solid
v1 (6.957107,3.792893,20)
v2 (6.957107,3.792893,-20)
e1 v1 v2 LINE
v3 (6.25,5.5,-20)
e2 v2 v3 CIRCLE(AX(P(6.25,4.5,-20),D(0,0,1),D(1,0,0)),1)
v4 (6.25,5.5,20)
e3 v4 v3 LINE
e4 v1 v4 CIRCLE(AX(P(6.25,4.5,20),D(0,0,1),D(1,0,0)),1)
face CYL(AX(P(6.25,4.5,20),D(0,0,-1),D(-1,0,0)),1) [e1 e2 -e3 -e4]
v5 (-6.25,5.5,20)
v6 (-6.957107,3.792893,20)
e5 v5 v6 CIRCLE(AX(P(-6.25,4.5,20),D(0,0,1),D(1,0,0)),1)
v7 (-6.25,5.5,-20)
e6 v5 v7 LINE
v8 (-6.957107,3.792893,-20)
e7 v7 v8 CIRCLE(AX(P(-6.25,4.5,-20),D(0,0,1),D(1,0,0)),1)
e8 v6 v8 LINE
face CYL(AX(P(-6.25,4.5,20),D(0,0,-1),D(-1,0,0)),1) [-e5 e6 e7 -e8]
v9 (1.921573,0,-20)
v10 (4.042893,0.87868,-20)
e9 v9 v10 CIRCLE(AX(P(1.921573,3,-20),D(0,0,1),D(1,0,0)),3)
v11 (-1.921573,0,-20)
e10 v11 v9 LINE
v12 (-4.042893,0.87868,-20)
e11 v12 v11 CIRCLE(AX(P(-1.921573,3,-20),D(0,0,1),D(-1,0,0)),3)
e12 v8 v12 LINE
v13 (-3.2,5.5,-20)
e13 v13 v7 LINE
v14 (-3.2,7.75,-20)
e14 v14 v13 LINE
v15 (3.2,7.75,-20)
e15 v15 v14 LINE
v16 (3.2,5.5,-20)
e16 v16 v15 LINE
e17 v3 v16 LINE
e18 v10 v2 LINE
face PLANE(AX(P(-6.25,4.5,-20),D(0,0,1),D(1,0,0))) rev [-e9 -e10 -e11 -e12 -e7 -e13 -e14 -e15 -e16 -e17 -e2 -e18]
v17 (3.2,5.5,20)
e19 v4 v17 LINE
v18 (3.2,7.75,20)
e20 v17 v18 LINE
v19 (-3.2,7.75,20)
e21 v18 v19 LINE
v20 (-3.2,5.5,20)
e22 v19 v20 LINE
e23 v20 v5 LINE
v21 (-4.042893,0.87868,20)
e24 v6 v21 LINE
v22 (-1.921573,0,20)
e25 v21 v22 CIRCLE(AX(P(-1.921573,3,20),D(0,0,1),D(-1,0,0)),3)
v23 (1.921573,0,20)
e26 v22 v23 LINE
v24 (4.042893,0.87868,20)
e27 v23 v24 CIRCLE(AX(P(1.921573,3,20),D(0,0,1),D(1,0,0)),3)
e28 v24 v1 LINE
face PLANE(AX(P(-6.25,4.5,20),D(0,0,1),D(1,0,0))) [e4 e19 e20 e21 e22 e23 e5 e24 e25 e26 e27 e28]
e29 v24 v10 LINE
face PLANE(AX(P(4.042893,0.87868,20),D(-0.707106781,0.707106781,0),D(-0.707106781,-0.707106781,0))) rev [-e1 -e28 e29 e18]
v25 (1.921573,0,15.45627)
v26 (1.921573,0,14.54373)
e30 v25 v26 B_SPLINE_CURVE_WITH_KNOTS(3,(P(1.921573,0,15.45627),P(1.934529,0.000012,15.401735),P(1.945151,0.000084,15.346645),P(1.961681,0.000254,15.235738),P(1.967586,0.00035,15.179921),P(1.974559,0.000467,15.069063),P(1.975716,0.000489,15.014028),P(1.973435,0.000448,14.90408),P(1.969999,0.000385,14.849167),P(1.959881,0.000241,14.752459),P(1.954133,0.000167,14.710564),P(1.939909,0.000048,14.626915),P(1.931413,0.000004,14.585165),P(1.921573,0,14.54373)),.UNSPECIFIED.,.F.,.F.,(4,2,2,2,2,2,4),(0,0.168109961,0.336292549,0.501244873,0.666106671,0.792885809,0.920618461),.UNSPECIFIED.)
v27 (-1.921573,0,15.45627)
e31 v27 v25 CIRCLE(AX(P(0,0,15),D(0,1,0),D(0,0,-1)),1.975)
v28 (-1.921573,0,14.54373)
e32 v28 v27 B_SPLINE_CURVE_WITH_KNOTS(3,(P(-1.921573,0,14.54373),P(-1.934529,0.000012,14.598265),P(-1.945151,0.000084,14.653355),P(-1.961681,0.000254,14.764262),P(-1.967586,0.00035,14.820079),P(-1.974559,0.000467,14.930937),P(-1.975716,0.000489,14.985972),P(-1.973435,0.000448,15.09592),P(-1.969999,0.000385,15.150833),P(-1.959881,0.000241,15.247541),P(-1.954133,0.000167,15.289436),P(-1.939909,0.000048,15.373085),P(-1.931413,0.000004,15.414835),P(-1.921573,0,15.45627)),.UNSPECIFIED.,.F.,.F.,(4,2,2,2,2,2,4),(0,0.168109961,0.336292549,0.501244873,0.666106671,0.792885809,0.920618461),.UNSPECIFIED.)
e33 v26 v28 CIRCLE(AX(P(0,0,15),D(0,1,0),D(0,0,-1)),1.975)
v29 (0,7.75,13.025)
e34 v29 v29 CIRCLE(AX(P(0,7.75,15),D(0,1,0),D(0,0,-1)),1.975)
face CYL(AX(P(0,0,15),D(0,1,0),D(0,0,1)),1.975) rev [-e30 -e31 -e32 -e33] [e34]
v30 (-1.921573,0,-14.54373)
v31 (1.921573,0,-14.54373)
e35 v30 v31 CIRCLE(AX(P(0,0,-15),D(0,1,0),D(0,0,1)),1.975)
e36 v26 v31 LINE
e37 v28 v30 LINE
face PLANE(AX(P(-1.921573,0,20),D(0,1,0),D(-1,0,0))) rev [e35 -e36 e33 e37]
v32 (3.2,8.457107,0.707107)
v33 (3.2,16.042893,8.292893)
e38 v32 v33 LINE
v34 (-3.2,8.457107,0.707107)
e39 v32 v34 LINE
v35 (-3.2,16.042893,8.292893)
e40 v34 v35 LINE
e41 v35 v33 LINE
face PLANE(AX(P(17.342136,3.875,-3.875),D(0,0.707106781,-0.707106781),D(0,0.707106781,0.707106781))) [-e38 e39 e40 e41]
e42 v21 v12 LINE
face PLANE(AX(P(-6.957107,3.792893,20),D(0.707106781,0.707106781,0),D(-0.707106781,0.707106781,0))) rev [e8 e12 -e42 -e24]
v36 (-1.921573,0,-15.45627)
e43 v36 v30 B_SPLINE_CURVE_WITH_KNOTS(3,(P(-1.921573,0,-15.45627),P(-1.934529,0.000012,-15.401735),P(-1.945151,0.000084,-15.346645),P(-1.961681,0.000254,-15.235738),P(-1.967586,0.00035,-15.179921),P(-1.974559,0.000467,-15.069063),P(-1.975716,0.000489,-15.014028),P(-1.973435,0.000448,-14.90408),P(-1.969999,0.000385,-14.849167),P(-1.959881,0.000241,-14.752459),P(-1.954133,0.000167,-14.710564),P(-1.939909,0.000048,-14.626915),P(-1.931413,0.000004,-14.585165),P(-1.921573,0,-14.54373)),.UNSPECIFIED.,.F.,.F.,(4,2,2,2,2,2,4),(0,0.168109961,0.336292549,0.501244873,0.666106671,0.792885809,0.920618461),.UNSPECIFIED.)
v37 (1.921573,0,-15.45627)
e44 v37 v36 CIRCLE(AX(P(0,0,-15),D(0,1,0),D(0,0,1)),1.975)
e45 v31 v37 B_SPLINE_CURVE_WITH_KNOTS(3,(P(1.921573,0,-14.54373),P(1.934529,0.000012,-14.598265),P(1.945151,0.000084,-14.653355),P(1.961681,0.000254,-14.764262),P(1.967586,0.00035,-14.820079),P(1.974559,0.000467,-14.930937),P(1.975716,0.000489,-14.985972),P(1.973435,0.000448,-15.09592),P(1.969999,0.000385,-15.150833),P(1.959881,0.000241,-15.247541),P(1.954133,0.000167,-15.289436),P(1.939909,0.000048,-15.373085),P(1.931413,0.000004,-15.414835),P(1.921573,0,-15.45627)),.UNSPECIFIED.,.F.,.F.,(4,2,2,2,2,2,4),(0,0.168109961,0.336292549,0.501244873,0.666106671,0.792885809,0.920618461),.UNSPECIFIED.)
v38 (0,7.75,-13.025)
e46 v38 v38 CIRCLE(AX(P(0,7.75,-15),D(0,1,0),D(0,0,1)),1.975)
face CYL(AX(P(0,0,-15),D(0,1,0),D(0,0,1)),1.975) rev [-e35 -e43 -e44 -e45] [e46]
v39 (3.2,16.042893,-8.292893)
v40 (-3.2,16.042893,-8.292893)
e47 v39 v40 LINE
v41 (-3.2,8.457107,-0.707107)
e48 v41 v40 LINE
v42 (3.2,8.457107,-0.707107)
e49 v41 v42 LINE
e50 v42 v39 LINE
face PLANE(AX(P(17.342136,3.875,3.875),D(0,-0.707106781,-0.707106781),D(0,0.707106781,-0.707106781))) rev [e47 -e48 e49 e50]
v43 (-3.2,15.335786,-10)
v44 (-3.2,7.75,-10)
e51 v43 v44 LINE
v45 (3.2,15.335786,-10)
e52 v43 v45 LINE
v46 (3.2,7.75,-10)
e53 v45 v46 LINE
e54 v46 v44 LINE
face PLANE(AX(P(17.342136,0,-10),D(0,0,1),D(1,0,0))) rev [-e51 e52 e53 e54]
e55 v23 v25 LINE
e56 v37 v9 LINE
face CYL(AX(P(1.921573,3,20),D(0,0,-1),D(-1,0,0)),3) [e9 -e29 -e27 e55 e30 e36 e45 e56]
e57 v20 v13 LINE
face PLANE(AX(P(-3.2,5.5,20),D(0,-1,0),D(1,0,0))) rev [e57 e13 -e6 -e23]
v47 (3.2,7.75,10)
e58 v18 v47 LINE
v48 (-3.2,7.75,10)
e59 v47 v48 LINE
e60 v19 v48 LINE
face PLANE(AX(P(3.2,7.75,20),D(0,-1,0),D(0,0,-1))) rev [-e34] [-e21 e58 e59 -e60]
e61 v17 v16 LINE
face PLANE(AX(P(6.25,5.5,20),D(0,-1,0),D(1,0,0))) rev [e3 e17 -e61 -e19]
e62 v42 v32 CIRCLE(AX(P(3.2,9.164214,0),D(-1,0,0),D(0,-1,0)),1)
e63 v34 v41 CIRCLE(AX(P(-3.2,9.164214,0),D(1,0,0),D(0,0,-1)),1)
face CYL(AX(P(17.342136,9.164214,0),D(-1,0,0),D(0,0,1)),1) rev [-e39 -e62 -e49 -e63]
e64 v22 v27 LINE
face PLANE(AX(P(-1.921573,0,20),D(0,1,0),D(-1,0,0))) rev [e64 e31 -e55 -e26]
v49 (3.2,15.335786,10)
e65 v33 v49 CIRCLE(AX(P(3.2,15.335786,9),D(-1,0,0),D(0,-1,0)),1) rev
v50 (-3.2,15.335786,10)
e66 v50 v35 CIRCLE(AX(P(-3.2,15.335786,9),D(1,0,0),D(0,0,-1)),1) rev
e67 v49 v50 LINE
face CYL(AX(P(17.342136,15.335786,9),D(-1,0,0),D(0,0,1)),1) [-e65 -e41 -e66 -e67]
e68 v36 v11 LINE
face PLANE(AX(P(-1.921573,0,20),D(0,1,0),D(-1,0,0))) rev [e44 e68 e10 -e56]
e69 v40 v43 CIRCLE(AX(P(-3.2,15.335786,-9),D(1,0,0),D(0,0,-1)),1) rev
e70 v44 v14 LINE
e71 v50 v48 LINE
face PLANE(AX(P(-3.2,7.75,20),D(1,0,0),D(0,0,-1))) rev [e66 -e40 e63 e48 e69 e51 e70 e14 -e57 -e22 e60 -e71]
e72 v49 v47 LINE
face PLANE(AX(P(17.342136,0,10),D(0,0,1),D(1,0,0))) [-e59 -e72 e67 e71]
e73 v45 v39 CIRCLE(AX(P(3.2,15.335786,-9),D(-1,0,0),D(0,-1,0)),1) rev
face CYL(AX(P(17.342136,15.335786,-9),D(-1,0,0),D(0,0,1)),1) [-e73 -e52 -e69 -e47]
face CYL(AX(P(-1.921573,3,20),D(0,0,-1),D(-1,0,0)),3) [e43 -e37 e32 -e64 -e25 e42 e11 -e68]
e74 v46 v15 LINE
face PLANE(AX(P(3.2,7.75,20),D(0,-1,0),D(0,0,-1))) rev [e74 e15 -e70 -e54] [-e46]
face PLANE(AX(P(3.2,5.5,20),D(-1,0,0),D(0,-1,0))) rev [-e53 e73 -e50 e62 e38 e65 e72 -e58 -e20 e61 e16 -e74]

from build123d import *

# Parameters (mm, degrees)
BOSS_EXTRUDE1_DEPTH             = 20
SKETCH3_R                       = 1.975
CUT_EXTRUDE1_DEPTH              = 23.641223465
BOSS_EXTRUDE2_REACH             = 24.641
BOSS_EXTRUDE2_DIRECTION_2_REACH = 24.641
FILLET1_R                       = 1


with BuildPart() as part:
    # Sketch2 → Boss-Extrude1 (new, symmetric)
    with BuildSketch(Plane.XY):
        with BuildLine():
            Line((-1.921572875, 0), (1.921572875, 0))
            ThreePointArc((1.921572875, 0), (3.069623172, 0.228361402), (4.042893219, 0.878679656))
            Line((4.042893219, 0.878679656), (6.957106781, 3.792893219))
            ThreePointArc((6.957106781, 3.792893219), (7.173879533, 4.882683432), (6.25, 5.5))
            Line((6.25, 5.5), (3.2, 5.5))
            Line((3.2, 5.5), (3.2, 7.75))
            Line((3.2, 7.75), (-3.2, 7.75))
            Line((-3.2, 7.75), (-3.2, 5.5))
            Line((-3.2, 5.5), (-6.25, 5.5))
            ThreePointArc((-6.25, 5.5), (-7.173879533, 4.882683432), (-6.957106781, 3.792893219))
            Line((-6.957106781, 3.792893219), (-4.042893219, 0.878679656))
            ThreePointArc((-4.042893219, 0.878679656), (-3.069623172, 0.228361402), (-1.921572875, 0))
        make_face()
    extrude(amount=BOSS_EXTRUDE1_DEPTH, both=True)

    # Sketch3 → Cut-Extrude1 (cut, through all)
    with BuildSketch(Plane(origin=(0, 7.75, 0), x_dir=(1, 0, 0), z_dir=(0, 1, 0))):
        with Locations(Location((0, 15, 0), (0, 0, 270))):
            Circle(SKETCH3_R)
        with Locations(Location((0, -15, 0), (0, 0, 346.642693005))):
            Circle(SKETCH3_R)
    extrude(amount=-CUT_EXTRUDE1_DEPTH, mode=Mode.SUBTRACT)

    # Boss-Extrude2: up to this face of the body (flat: up to its plane)
    boss_extrude2_end = Plane(part.part.faces().sort_by_distance((3.2, 6.625, 0))[0])
    # Sketch4 → Boss-Extrude2 (add, up to the picked face)
    with BuildSketch(Plane(origin=(0, 0, 0), x_dir=(0, 0, -1), z_dir=(1, 0, 0)), mode=Mode.PRIVATE) as boss_extrude2_sk1:
        Polygon((-10, 17.75), (-10, 7.75), (0, 7.75), align=None)
    boss_extrude2_tool1 = split(extrude(boss_extrude2_sk1.sketch, amount=BOSS_EXTRUDE2_REACH, mode=Mode.PRIVATE), bisect_by=boss_extrude2_end, keep=Keep.BOTH, mode=Mode.PRIVATE)
    # Sketch4 → Boss-Extrude2 (add, up to the picked face)
    with BuildSketch(Plane(origin=(0, 0, 0), x_dir=(0, 0, -1), z_dir=(1, 0, 0)), mode=Mode.PRIVATE) as boss_extrude2_sk2:
        Polygon((10, 17.75), (0, 7.75), (10, 7.75), align=None)
    boss_extrude2_tool2 = split(extrude(boss_extrude2_sk2.sketch, amount=BOSS_EXTRUDE2_REACH, mode=Mode.PRIVATE), bisect_by=boss_extrude2_end, keep=Keep.BOTH, mode=Mode.PRIVATE)
    add(boss_extrude2_tool1.solids().sort_by(Axis((0, 11.083333, 6.666667), (1, 0, 0)))[0])
    add(boss_extrude2_tool2.solids().sort_by(Axis((0, 11.083333, -6.666667), (1, 0, 0)))[0])

    # Boss-Extrude2 direction 2: up to this face of the body (flat: up to its plane)
    boss_extrude2_direction_2_end = Plane(part.part.faces().sort_by_distance((-3.2, 6.625, 0))[0])
    # Sketch4 → Boss-Extrude2 direction 2 (add, up to the picked face)
    with BuildSketch(Plane(origin=(0, 0, 0), x_dir=(0, 0, -1), z_dir=(1, 0, 0)), mode=Mode.PRIVATE) as boss_extrude2_direction_2_sk1:
        Polygon((-10, 17.75), (-10, 7.75), (0, 7.75), align=None)
    boss_extrude2_direction_2_tool1 = split(extrude(boss_extrude2_direction_2_sk1.sketch, amount=-BOSS_EXTRUDE2_DIRECTION_2_REACH, mode=Mode.PRIVATE), bisect_by=boss_extrude2_direction_2_end, keep=Keep.BOTH, mode=Mode.PRIVATE)
    # Sketch4 → Boss-Extrude2 direction 2 (add, up to the picked face)
    with BuildSketch(Plane(origin=(0, 0, 0), x_dir=(0, 0, -1), z_dir=(1, 0, 0)), mode=Mode.PRIVATE) as boss_extrude2_direction_2_sk2:
        Polygon((10, 17.75), (0, 7.75), (10, 7.75), align=None)
    boss_extrude2_direction_2_tool2 = split(extrude(boss_extrude2_direction_2_sk2.sketch, amount=-BOSS_EXTRUDE2_DIRECTION_2_REACH, mode=Mode.PRIVATE), bisect_by=boss_extrude2_direction_2_end, keep=Keep.BOTH, mode=Mode.PRIVATE)
    add(boss_extrude2_direction_2_tool1.solids().sort_by(Axis((0, 11.083333, 6.666667), (-1, 0, 0)))[0])
    add(boss_extrude2_direction_2_tool2.solids().sort_by(Axis((0, 11.083333, -6.666667), (-1, 0, 0)))[0])

    # Fillet1
    fillet1_edges = [part.edges().sort_by_distance(p)[0] for p in [
        (0, 17.75, 10),
        (0, 7.75, 0),
        (0, 17.75, -10),
    ]]
    fillet(fillet1_edges, radius=FILLET1_R)


solid = part.part
